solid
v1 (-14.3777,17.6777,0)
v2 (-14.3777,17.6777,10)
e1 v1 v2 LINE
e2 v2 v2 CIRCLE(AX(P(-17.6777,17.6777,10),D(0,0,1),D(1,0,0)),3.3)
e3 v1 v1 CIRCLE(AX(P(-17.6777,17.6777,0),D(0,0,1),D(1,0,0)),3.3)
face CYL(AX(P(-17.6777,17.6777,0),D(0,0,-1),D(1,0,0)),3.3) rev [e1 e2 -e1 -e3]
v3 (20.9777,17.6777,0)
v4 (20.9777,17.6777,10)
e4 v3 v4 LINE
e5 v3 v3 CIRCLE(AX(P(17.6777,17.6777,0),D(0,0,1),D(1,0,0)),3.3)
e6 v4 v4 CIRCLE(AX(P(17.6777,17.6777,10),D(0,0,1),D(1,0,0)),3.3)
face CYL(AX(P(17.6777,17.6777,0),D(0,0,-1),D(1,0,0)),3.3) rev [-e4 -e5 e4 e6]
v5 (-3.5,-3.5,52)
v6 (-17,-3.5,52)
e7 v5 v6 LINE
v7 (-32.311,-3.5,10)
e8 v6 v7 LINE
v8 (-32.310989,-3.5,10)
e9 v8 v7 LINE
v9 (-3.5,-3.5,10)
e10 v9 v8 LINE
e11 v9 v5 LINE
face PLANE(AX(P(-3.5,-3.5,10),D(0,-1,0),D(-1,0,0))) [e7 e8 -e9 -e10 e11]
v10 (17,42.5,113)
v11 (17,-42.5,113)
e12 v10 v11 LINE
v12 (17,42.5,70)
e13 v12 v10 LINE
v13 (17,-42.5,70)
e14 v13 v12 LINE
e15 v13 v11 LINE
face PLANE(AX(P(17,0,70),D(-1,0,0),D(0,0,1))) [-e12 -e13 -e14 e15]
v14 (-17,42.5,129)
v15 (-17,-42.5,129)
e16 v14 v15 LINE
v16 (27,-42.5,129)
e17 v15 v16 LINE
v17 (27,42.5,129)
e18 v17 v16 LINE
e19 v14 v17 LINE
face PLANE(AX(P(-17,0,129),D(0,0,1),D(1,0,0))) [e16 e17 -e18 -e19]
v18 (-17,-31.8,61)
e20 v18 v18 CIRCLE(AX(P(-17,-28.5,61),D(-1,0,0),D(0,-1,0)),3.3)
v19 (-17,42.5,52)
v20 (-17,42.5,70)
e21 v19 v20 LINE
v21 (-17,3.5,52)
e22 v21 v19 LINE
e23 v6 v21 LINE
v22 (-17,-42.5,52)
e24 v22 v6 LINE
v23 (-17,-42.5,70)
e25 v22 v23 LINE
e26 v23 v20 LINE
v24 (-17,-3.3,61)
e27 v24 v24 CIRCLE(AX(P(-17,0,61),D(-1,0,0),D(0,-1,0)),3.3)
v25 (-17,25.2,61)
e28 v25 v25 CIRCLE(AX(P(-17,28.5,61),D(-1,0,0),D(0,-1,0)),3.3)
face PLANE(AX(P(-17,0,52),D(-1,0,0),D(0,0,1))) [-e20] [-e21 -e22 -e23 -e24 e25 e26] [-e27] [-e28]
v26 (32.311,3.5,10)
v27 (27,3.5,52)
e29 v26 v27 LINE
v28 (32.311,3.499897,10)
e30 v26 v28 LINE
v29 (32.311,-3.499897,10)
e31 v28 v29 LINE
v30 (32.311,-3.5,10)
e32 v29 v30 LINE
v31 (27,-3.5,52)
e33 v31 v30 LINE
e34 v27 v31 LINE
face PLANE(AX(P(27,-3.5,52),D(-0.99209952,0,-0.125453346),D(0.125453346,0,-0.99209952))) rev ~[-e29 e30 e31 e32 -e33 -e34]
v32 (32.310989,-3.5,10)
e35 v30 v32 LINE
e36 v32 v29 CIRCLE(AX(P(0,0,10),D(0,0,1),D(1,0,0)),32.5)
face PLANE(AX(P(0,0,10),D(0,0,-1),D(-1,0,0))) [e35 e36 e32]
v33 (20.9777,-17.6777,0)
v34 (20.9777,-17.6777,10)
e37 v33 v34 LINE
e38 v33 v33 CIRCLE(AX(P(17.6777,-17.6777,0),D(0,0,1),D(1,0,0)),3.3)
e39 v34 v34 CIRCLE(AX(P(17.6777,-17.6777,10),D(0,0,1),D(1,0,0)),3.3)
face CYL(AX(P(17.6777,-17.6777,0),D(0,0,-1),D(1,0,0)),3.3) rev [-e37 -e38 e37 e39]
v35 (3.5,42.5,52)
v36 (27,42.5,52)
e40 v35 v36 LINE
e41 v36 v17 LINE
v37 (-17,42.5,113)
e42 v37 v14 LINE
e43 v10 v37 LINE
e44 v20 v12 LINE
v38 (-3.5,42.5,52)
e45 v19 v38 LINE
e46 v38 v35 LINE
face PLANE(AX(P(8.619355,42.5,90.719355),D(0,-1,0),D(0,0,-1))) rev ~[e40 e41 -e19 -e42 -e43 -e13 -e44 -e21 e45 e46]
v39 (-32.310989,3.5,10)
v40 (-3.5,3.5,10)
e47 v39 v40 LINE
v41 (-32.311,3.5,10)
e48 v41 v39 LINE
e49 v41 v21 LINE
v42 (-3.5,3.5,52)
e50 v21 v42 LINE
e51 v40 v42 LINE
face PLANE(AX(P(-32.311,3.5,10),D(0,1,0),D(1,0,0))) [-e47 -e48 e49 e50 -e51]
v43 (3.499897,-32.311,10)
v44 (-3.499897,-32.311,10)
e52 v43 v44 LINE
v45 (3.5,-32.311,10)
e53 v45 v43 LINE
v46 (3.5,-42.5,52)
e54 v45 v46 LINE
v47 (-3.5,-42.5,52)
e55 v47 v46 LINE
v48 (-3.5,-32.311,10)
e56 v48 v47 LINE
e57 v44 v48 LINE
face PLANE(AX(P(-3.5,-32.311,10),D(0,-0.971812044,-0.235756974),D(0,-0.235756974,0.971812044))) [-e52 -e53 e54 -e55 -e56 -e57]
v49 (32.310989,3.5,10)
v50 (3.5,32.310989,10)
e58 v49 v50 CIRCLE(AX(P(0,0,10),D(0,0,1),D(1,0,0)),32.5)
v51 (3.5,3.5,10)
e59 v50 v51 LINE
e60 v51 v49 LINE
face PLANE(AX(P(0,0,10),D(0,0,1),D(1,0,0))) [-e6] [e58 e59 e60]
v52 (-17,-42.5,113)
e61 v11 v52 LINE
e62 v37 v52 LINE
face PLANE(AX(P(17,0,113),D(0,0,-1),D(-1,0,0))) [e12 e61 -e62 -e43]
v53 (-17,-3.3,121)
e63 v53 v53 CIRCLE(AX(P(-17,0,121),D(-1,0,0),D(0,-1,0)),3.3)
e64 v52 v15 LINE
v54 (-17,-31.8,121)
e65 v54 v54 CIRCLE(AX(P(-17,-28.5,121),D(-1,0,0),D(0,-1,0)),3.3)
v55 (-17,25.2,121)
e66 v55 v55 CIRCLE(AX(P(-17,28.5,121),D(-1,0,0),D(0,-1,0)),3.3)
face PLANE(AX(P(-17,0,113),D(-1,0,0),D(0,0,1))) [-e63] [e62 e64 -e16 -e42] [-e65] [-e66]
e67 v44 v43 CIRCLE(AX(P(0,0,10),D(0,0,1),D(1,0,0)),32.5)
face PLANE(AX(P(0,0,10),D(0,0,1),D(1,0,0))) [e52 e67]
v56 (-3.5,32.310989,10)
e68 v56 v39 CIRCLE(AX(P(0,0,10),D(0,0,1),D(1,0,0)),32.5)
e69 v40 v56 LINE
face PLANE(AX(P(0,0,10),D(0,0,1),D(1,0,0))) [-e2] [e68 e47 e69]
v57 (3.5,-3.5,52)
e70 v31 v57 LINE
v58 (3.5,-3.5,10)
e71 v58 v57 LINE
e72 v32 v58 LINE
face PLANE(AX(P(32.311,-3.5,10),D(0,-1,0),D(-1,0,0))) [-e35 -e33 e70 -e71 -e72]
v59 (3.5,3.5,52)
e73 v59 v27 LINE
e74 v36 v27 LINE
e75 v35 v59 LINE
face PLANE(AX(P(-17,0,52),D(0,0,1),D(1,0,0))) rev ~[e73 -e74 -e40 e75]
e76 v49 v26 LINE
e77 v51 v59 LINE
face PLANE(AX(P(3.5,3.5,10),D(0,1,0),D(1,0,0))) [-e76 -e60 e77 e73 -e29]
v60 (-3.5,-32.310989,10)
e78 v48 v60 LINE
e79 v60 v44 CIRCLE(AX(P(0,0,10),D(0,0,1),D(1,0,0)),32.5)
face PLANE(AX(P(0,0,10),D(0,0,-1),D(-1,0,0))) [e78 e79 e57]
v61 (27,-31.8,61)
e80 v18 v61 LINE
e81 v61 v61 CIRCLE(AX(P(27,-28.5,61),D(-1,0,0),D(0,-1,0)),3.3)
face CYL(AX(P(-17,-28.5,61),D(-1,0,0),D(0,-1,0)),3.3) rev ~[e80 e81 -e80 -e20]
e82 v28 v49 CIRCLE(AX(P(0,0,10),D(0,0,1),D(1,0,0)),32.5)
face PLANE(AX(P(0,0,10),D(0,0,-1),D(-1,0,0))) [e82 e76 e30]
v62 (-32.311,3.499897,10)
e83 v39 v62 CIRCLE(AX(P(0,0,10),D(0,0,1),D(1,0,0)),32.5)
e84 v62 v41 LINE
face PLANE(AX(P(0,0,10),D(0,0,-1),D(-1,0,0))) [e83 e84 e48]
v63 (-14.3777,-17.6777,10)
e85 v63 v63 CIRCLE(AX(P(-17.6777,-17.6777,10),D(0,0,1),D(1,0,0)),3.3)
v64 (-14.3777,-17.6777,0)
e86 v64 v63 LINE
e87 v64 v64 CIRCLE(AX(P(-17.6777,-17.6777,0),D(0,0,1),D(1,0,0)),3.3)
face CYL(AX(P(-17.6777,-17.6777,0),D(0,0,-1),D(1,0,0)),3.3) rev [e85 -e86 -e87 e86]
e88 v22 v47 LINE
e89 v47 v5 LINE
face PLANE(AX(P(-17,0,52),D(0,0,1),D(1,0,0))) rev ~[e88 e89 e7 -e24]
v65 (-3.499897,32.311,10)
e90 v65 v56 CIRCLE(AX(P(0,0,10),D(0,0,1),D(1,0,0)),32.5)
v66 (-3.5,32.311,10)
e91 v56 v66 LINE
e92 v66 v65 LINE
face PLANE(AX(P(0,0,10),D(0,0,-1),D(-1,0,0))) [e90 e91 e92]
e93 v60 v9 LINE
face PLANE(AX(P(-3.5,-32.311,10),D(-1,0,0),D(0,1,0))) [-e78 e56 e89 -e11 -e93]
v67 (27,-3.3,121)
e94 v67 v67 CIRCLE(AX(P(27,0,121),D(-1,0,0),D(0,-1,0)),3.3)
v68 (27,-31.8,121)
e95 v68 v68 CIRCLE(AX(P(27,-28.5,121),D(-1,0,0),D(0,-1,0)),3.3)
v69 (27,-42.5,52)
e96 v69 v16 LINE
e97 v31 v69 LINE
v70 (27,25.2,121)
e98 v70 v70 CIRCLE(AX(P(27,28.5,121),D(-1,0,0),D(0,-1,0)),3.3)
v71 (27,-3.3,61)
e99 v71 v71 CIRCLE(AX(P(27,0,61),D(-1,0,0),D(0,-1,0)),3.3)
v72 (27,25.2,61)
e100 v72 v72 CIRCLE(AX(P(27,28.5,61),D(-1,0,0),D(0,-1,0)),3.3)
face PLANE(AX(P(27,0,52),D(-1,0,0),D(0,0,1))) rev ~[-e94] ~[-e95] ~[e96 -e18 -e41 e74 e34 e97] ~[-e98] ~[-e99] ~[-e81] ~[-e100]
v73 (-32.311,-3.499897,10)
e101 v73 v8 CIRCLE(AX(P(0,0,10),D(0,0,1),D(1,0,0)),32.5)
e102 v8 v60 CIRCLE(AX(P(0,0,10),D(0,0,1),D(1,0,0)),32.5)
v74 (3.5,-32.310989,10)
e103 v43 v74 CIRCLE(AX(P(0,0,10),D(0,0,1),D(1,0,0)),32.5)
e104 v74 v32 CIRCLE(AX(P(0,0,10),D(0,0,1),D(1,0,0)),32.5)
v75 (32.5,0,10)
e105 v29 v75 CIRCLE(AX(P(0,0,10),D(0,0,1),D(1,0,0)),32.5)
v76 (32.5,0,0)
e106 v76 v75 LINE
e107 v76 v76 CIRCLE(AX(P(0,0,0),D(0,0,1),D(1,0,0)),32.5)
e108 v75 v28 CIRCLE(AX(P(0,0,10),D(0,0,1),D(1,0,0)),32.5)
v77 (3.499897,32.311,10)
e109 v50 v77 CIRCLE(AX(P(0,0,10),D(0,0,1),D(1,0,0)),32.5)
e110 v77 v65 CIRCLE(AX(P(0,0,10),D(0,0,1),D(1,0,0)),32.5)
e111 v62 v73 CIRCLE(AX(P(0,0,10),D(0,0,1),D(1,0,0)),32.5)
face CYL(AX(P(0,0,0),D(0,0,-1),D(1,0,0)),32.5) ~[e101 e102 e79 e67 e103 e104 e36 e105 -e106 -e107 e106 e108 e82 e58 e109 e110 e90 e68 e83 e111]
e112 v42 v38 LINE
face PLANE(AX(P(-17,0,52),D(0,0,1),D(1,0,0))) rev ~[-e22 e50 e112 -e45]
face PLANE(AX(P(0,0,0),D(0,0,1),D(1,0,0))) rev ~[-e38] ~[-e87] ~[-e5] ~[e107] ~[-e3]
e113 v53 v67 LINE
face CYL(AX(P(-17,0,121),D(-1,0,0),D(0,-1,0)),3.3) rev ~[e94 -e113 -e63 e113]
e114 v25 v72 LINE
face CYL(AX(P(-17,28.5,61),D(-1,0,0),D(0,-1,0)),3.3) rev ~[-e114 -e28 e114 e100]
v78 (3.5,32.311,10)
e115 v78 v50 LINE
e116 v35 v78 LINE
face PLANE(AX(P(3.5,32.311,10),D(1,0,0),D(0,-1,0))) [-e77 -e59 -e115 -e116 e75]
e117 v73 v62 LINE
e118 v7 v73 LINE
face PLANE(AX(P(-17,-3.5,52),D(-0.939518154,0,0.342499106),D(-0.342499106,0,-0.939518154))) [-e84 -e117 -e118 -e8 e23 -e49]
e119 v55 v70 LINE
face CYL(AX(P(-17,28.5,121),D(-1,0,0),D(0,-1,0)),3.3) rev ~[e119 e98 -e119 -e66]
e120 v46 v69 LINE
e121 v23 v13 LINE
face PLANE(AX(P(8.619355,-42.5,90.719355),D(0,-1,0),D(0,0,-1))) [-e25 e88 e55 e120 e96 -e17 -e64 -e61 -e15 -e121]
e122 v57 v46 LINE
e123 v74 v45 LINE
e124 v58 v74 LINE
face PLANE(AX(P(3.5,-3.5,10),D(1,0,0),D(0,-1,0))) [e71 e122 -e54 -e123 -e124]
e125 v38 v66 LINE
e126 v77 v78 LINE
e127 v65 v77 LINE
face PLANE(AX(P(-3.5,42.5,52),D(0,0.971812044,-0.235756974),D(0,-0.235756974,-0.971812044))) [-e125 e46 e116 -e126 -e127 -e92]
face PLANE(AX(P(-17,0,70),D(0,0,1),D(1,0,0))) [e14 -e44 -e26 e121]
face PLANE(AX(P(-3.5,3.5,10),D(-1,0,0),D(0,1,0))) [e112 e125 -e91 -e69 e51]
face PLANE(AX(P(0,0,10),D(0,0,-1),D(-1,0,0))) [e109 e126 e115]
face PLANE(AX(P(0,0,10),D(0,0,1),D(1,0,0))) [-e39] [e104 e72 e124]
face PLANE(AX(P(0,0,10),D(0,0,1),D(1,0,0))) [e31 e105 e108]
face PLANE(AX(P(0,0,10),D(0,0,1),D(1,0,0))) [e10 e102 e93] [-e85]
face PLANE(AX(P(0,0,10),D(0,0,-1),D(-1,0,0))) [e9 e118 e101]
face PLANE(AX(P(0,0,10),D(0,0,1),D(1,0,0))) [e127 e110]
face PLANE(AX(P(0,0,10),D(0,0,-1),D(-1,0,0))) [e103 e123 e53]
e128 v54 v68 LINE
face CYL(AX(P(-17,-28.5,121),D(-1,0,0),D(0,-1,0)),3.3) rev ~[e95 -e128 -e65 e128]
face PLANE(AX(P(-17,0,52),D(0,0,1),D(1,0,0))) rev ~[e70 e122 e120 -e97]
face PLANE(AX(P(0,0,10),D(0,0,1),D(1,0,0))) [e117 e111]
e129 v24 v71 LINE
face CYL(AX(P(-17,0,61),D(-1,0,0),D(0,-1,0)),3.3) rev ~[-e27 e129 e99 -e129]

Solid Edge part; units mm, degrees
sketch "Sketch1" plane through (0, 0, 0) normal (0, 0, 1) x (1, 0, 0)
  circle A0 centre (0, 0) radius 32.5
  circle A1 centre (-17.6777, 17.6777) radius 3.3
  circle A2 centre (17.6777, 17.6777) radius 3.3
  circle A3 centre (17.6777, -17.6777) radius 3.3
  circle A4 centre (-17.6777, -17.6777) radius 3.3
  dimension "D1" = 65
  dimension "D2" = 50
  dimension "D3" = 6.6
extrude "Protrusion1" add sketch "Sketch1" along normal blind 10
sketch "Sketch2" plane through (0, 0, 10) normal (0, 0, 1) x (1, 0, 0)
  line L0 (-3.5, 32.311) -> (3.5, 32.311)
  line L1 (3.5, 32.311) -> (3.5, 3.5)
  line L2 (3.5, 3.5) -> (32.311, 3.5)
  line L3 (32.311, 3.5) -> (32.311, -3.5)
  line L4 (32.311, -3.5) -> (3.5, -3.5)
  line L5 (3.5, -3.5) -> (3.5, -32.311)
  line L6 (3.5, -32.311) -> (-3.5, -32.311)
  line L7 (-3.5, -32.311) -> (-3.5, -3.5)
  line L8 (-3.5, -3.5) -> (-32.311, -3.5)
  line L9 (-32.311, -3.5) -> (-32.311, 3.5)
  line L10 (-32.311, 3.5) -> (-3.5, 3.5)
  line L11 (-3.5, 3.5) -> (-3.5, 32.311)
  dimension "D1" = 7
extrude "ExtrudedProtrusion_2" add sketch "Sketch2" along normal blind 42
sketch "Sketch3" plane through (0, 0, 0) normal (0, -1, 0) x (1, 0, 0)
  line L0 (-17, 52) -> (27, 52)
  line L1 (27, 52) -> (27, 129)
  line L2 (-17, 129) -> (27, 129)
  line L3 (-17, 113) -> (-17, 129)
  line L4 (17, 113) -> (-17, 113)
  line L5 (17, 70) -> (17, 113)
  line L6 (-17, 70) -> (17, 70)
  line L7 (-17, 52) -> (-17, 70)
  dimension "D1" = 43
  dimension "D2" = 18
  dimension "D3" = 34
  dimension "D4" = 10
  dimension "D5" = 16
extrude "ExtrudedProtrusion_3" add sketch "Sketch3" along normal mid plane 85
sketch "Sketch4" plane through (-17.9055, -3.5, 22.5) normal (0, -1, 0) x (1, 0, 0)
  line L0 (0.9055, 29.5) -> (-14.4055, -12.5)
  line L1 (-14.4055, -12.5) -> (-46.8779, 45.8569)
  line L2 (-46.8779, 45.8569) -> (-20.6198, 124.1385)
  line L3 (-20.6198, 124.1385) -> (51.7652, 124.1385)
  line L4 (51.7652, 124.1385) -> (63.433, 15.8316)
  line L5 (50.2165, -12.5) -> (63.433, 15.8316)
  line L6 (44.9055, 29.5) -> (50.2165, -12.5)
  line L7 (44.9055, 29.5) -> (48.1612, 115.2228)
  line L8 (48.1612, 115.2228) -> (-10.2926, 117.333)
  line L9 (-10.2926, 117.333) -> (0.9055, 29.5)
extrude "Cutout1" cut sketch "Sketch4" against normal through all
extrude "ExtrudedProtrusion_4" [suppressed]
extrude "ExtrudedProtrusion_5" [suppressed]
sketch "Sketch5" plane through (-3.5, 17.9055, 22.5) normal (-1, 0, 0) x (0, -1, 0)
  line L0 (-24.5945, 29.5) -> (-14.4055, -12.5)
  line L1 (-14.4055, -12.5) -> (-14.4055, 29.5)
  line L2 (-14.4055, 29.5) -> (-24.5945, 29.5)
  line L3 (50.2165, -12.5) -> (60.4055, 29.5)
  line L4 (60.4055, 29.5) -> (50.2165, 29.5)
  line L5 (50.2165, 29.5) -> (50.2165, -12.5)
extrude "ExtrudedProtrusion_6" add sketch "Sketch5" against normal blind 7
sketch "Sketch6" plane through (-17, 0, 122) normal (-1, 0, 0) x (0, -1, 0)
  circle A0 centre (-28.5, -61) radius 3.3
  circle A1 centre (28.5, -1) radius 3.3
  circle A2 centre (28.5, -61) radius 3.3
  circle A3 centre (0, -1) radius 3.3
  circle A4 centre (0, -61) radius 3.3
  circle A5 centre (-28.5, -1) radius 3.3
  dimension "D1" = 6.6
  dimension "D2" = 14
extrude "Cutout2" cut sketch "Sketch6" against normal through all
